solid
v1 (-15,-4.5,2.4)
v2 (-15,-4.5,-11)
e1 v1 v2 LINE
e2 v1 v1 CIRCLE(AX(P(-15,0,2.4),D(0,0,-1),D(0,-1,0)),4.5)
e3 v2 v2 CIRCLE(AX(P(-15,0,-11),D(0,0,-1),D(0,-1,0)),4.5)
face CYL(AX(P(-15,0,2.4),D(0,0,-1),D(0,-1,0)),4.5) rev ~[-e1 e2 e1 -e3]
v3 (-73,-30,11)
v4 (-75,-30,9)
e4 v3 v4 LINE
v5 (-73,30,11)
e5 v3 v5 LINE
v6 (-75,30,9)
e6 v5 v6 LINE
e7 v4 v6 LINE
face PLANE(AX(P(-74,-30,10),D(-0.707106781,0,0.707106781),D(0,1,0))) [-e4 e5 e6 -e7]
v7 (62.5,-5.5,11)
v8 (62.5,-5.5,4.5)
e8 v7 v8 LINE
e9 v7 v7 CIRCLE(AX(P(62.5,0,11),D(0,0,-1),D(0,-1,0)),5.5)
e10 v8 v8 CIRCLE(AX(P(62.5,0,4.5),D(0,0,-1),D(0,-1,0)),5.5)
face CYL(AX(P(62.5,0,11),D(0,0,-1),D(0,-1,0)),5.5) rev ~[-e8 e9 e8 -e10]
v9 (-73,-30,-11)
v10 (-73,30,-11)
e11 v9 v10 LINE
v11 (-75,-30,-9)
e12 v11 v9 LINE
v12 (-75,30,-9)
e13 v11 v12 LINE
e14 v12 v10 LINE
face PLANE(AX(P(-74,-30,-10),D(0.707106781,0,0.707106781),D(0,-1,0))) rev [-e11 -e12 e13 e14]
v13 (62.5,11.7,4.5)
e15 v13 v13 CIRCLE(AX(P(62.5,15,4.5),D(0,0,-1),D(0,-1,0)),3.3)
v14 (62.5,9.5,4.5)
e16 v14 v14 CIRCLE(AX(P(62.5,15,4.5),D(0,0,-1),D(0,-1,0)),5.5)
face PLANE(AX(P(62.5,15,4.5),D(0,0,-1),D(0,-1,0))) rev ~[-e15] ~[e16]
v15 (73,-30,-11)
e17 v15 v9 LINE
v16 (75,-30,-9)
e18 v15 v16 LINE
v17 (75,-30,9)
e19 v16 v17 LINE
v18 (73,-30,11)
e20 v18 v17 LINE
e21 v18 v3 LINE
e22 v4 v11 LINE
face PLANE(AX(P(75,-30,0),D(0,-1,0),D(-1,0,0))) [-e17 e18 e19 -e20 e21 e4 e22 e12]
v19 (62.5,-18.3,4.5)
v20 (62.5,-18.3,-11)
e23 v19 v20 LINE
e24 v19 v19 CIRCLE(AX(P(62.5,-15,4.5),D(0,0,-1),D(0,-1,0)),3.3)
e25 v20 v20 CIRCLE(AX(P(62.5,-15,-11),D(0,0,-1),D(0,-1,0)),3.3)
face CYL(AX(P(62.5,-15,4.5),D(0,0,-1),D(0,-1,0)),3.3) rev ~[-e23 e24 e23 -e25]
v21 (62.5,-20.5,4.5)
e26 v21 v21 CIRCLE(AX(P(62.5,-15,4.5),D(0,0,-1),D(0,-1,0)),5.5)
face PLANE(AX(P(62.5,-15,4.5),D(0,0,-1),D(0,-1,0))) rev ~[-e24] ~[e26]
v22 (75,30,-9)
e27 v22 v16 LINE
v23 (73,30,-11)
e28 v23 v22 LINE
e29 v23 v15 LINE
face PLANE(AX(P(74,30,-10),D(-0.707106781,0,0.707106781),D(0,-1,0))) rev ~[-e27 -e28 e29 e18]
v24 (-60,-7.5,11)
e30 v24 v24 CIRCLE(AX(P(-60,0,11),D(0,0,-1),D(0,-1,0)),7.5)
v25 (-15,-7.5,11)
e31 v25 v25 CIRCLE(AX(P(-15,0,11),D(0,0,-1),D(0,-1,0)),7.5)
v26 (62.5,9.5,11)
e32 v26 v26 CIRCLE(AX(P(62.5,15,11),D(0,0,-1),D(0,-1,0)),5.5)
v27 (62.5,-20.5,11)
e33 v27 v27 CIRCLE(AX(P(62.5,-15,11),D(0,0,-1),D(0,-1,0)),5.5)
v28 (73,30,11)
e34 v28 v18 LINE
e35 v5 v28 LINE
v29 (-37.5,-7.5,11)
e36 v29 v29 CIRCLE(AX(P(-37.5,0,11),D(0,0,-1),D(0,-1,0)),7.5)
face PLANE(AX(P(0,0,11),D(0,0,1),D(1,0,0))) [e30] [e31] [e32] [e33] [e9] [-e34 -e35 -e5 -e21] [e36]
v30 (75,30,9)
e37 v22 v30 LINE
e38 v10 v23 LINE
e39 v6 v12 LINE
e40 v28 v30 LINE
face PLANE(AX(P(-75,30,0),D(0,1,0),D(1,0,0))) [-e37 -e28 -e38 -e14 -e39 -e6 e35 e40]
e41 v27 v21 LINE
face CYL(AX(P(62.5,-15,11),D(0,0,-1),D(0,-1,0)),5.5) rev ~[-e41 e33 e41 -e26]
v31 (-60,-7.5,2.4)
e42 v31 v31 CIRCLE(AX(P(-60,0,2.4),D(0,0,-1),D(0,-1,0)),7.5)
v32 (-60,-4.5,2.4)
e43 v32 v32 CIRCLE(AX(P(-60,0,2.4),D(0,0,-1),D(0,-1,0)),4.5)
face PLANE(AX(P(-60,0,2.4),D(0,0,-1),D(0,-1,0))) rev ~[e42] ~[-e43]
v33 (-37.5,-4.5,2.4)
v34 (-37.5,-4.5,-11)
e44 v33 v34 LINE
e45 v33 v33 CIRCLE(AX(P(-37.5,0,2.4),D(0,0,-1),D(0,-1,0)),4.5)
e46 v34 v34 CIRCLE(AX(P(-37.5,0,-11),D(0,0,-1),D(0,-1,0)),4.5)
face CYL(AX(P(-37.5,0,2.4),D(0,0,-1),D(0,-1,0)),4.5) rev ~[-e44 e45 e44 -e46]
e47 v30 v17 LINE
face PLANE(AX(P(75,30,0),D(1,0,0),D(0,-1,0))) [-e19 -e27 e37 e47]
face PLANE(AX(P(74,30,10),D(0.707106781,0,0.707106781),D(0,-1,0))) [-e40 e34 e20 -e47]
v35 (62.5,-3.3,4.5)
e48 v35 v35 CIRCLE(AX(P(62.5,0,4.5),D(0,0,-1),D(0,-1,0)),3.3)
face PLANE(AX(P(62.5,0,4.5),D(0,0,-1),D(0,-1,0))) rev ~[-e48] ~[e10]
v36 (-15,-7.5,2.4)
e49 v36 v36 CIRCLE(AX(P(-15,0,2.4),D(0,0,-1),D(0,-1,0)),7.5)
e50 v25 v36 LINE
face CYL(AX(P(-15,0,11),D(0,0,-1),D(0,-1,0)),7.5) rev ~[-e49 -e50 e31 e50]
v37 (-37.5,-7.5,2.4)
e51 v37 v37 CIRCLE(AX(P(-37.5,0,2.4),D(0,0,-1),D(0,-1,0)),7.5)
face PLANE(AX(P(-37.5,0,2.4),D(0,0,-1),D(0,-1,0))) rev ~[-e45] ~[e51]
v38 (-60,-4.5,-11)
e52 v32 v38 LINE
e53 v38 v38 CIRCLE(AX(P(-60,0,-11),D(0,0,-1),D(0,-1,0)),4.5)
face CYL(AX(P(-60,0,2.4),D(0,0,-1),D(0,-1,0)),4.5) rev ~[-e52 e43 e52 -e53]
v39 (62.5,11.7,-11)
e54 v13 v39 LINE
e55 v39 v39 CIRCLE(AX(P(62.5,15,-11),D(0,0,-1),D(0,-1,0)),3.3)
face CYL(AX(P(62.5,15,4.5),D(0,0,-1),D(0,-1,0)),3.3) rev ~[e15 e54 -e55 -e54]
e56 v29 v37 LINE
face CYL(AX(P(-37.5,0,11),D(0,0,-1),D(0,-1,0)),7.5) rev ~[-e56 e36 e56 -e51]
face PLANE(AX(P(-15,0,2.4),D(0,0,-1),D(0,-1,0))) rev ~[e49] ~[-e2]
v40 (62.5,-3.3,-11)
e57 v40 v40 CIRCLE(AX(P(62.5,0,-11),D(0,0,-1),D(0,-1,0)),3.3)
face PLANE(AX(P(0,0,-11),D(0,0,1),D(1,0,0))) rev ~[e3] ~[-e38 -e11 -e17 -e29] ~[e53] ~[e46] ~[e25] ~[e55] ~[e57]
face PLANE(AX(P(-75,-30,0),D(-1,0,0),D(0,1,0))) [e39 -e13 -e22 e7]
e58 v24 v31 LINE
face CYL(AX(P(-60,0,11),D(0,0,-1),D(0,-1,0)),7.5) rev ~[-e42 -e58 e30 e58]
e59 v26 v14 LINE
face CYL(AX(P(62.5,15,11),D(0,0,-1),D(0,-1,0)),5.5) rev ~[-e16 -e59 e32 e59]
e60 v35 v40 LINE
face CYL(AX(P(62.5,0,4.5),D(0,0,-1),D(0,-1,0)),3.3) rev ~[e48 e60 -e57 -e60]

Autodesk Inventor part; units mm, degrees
ref_plane "YZ Plane" through (0, 0, 0) normal (1, 0, 0) x (0, 1, 0)
ref_plane "XZ Plane" through (0, 0, 0) normal (0, 1, 0) x (-1, 0, 0)
ref_plane "XY Plane" through (0, 0, 0) normal (0, 0, 1) x (1, 0, 0)
sketch "Sketch2" plane through (0, 0, 0) normal (0, 0, 1) x (1, 0, 0)
  line L0 (75, -30) -> (-75, -30)
  line L1 (-75, -30) -> (-75, 30)
  line L2 (-75, 30) -> (75, 30)
  line L3 (75, 30) -> (75, -30)
  line L4 (75, -30) -> (-75, 30) construction
  line L5 (-75, -30) -> (75, 30) construction
  point P0 (0, 0)
  dimension "d1" = 150
  dimension "d2" = 60
extrude "Extrusion1" add sketch "Sketch2" along normal mid plane 22
sketch "Sketch3" plane through (0, 0, 11) normal (0, 0, 1) x (1, 0, 0)
  line L0 (75, -30) -> (75, 30) projected
  point P0 (0, 0)
  point P1 (62.5, 0)
  point P2 (62.5, 15)
  point P3 (62.5, -15)
  point P4 (75, 0)
  dimension "d5" = 12.5
  dimension "d6" = 30
  dimension "d7" = 15
hole "Hole1" at (62.5, 0, 11) at (62.5, 15, 11) at (62.5, -15, 11) direction (0, 0, -1) diameter 6.6 end through all counterbore diameter 11 counterbore depth 6.5 clearance for "Socket Head Cap Screw" size "M6" standard "TS Profile"
sketch "Sketch4" plane through (0, 0, 11) normal (0, 0, 1) x (1, 0, 0)
  line L0 (-75, 30) -> (-75, -30) projected
  point P0 (0, 0)
  point P1 (-60, 0)
  point P2 (-37.5, 0)
  point P3 (-15, 0)
  point P4 (-75, 0)
  point P5 (-75, 0)
  dimension "d15" = 15
  dimension "d16" = 22.5
  dimension "d17" = 22.5
hole "Hole2" at (-60, 0, 11) at (-37.5, 0, 11) at (-15, 0, 11) direction (0, 0, -1) diameter 9 end through all counterbore diameter 15 counterbore depth 8.6 clearance for "Socket Head Cap Screw" size "M8" standard "TS Profile"
chamfer "Chamfer2" distance 2 angle 45 4 edges at (75, 0, 11) (75, 0, -11) (-75, 0, 11) (-75, 0, -11)
equation "\"d7\" = 0.5 * d6"
equation "\"d17\" = d16"
properties part number "TL20240901-10320CV-021" material "SS400"
